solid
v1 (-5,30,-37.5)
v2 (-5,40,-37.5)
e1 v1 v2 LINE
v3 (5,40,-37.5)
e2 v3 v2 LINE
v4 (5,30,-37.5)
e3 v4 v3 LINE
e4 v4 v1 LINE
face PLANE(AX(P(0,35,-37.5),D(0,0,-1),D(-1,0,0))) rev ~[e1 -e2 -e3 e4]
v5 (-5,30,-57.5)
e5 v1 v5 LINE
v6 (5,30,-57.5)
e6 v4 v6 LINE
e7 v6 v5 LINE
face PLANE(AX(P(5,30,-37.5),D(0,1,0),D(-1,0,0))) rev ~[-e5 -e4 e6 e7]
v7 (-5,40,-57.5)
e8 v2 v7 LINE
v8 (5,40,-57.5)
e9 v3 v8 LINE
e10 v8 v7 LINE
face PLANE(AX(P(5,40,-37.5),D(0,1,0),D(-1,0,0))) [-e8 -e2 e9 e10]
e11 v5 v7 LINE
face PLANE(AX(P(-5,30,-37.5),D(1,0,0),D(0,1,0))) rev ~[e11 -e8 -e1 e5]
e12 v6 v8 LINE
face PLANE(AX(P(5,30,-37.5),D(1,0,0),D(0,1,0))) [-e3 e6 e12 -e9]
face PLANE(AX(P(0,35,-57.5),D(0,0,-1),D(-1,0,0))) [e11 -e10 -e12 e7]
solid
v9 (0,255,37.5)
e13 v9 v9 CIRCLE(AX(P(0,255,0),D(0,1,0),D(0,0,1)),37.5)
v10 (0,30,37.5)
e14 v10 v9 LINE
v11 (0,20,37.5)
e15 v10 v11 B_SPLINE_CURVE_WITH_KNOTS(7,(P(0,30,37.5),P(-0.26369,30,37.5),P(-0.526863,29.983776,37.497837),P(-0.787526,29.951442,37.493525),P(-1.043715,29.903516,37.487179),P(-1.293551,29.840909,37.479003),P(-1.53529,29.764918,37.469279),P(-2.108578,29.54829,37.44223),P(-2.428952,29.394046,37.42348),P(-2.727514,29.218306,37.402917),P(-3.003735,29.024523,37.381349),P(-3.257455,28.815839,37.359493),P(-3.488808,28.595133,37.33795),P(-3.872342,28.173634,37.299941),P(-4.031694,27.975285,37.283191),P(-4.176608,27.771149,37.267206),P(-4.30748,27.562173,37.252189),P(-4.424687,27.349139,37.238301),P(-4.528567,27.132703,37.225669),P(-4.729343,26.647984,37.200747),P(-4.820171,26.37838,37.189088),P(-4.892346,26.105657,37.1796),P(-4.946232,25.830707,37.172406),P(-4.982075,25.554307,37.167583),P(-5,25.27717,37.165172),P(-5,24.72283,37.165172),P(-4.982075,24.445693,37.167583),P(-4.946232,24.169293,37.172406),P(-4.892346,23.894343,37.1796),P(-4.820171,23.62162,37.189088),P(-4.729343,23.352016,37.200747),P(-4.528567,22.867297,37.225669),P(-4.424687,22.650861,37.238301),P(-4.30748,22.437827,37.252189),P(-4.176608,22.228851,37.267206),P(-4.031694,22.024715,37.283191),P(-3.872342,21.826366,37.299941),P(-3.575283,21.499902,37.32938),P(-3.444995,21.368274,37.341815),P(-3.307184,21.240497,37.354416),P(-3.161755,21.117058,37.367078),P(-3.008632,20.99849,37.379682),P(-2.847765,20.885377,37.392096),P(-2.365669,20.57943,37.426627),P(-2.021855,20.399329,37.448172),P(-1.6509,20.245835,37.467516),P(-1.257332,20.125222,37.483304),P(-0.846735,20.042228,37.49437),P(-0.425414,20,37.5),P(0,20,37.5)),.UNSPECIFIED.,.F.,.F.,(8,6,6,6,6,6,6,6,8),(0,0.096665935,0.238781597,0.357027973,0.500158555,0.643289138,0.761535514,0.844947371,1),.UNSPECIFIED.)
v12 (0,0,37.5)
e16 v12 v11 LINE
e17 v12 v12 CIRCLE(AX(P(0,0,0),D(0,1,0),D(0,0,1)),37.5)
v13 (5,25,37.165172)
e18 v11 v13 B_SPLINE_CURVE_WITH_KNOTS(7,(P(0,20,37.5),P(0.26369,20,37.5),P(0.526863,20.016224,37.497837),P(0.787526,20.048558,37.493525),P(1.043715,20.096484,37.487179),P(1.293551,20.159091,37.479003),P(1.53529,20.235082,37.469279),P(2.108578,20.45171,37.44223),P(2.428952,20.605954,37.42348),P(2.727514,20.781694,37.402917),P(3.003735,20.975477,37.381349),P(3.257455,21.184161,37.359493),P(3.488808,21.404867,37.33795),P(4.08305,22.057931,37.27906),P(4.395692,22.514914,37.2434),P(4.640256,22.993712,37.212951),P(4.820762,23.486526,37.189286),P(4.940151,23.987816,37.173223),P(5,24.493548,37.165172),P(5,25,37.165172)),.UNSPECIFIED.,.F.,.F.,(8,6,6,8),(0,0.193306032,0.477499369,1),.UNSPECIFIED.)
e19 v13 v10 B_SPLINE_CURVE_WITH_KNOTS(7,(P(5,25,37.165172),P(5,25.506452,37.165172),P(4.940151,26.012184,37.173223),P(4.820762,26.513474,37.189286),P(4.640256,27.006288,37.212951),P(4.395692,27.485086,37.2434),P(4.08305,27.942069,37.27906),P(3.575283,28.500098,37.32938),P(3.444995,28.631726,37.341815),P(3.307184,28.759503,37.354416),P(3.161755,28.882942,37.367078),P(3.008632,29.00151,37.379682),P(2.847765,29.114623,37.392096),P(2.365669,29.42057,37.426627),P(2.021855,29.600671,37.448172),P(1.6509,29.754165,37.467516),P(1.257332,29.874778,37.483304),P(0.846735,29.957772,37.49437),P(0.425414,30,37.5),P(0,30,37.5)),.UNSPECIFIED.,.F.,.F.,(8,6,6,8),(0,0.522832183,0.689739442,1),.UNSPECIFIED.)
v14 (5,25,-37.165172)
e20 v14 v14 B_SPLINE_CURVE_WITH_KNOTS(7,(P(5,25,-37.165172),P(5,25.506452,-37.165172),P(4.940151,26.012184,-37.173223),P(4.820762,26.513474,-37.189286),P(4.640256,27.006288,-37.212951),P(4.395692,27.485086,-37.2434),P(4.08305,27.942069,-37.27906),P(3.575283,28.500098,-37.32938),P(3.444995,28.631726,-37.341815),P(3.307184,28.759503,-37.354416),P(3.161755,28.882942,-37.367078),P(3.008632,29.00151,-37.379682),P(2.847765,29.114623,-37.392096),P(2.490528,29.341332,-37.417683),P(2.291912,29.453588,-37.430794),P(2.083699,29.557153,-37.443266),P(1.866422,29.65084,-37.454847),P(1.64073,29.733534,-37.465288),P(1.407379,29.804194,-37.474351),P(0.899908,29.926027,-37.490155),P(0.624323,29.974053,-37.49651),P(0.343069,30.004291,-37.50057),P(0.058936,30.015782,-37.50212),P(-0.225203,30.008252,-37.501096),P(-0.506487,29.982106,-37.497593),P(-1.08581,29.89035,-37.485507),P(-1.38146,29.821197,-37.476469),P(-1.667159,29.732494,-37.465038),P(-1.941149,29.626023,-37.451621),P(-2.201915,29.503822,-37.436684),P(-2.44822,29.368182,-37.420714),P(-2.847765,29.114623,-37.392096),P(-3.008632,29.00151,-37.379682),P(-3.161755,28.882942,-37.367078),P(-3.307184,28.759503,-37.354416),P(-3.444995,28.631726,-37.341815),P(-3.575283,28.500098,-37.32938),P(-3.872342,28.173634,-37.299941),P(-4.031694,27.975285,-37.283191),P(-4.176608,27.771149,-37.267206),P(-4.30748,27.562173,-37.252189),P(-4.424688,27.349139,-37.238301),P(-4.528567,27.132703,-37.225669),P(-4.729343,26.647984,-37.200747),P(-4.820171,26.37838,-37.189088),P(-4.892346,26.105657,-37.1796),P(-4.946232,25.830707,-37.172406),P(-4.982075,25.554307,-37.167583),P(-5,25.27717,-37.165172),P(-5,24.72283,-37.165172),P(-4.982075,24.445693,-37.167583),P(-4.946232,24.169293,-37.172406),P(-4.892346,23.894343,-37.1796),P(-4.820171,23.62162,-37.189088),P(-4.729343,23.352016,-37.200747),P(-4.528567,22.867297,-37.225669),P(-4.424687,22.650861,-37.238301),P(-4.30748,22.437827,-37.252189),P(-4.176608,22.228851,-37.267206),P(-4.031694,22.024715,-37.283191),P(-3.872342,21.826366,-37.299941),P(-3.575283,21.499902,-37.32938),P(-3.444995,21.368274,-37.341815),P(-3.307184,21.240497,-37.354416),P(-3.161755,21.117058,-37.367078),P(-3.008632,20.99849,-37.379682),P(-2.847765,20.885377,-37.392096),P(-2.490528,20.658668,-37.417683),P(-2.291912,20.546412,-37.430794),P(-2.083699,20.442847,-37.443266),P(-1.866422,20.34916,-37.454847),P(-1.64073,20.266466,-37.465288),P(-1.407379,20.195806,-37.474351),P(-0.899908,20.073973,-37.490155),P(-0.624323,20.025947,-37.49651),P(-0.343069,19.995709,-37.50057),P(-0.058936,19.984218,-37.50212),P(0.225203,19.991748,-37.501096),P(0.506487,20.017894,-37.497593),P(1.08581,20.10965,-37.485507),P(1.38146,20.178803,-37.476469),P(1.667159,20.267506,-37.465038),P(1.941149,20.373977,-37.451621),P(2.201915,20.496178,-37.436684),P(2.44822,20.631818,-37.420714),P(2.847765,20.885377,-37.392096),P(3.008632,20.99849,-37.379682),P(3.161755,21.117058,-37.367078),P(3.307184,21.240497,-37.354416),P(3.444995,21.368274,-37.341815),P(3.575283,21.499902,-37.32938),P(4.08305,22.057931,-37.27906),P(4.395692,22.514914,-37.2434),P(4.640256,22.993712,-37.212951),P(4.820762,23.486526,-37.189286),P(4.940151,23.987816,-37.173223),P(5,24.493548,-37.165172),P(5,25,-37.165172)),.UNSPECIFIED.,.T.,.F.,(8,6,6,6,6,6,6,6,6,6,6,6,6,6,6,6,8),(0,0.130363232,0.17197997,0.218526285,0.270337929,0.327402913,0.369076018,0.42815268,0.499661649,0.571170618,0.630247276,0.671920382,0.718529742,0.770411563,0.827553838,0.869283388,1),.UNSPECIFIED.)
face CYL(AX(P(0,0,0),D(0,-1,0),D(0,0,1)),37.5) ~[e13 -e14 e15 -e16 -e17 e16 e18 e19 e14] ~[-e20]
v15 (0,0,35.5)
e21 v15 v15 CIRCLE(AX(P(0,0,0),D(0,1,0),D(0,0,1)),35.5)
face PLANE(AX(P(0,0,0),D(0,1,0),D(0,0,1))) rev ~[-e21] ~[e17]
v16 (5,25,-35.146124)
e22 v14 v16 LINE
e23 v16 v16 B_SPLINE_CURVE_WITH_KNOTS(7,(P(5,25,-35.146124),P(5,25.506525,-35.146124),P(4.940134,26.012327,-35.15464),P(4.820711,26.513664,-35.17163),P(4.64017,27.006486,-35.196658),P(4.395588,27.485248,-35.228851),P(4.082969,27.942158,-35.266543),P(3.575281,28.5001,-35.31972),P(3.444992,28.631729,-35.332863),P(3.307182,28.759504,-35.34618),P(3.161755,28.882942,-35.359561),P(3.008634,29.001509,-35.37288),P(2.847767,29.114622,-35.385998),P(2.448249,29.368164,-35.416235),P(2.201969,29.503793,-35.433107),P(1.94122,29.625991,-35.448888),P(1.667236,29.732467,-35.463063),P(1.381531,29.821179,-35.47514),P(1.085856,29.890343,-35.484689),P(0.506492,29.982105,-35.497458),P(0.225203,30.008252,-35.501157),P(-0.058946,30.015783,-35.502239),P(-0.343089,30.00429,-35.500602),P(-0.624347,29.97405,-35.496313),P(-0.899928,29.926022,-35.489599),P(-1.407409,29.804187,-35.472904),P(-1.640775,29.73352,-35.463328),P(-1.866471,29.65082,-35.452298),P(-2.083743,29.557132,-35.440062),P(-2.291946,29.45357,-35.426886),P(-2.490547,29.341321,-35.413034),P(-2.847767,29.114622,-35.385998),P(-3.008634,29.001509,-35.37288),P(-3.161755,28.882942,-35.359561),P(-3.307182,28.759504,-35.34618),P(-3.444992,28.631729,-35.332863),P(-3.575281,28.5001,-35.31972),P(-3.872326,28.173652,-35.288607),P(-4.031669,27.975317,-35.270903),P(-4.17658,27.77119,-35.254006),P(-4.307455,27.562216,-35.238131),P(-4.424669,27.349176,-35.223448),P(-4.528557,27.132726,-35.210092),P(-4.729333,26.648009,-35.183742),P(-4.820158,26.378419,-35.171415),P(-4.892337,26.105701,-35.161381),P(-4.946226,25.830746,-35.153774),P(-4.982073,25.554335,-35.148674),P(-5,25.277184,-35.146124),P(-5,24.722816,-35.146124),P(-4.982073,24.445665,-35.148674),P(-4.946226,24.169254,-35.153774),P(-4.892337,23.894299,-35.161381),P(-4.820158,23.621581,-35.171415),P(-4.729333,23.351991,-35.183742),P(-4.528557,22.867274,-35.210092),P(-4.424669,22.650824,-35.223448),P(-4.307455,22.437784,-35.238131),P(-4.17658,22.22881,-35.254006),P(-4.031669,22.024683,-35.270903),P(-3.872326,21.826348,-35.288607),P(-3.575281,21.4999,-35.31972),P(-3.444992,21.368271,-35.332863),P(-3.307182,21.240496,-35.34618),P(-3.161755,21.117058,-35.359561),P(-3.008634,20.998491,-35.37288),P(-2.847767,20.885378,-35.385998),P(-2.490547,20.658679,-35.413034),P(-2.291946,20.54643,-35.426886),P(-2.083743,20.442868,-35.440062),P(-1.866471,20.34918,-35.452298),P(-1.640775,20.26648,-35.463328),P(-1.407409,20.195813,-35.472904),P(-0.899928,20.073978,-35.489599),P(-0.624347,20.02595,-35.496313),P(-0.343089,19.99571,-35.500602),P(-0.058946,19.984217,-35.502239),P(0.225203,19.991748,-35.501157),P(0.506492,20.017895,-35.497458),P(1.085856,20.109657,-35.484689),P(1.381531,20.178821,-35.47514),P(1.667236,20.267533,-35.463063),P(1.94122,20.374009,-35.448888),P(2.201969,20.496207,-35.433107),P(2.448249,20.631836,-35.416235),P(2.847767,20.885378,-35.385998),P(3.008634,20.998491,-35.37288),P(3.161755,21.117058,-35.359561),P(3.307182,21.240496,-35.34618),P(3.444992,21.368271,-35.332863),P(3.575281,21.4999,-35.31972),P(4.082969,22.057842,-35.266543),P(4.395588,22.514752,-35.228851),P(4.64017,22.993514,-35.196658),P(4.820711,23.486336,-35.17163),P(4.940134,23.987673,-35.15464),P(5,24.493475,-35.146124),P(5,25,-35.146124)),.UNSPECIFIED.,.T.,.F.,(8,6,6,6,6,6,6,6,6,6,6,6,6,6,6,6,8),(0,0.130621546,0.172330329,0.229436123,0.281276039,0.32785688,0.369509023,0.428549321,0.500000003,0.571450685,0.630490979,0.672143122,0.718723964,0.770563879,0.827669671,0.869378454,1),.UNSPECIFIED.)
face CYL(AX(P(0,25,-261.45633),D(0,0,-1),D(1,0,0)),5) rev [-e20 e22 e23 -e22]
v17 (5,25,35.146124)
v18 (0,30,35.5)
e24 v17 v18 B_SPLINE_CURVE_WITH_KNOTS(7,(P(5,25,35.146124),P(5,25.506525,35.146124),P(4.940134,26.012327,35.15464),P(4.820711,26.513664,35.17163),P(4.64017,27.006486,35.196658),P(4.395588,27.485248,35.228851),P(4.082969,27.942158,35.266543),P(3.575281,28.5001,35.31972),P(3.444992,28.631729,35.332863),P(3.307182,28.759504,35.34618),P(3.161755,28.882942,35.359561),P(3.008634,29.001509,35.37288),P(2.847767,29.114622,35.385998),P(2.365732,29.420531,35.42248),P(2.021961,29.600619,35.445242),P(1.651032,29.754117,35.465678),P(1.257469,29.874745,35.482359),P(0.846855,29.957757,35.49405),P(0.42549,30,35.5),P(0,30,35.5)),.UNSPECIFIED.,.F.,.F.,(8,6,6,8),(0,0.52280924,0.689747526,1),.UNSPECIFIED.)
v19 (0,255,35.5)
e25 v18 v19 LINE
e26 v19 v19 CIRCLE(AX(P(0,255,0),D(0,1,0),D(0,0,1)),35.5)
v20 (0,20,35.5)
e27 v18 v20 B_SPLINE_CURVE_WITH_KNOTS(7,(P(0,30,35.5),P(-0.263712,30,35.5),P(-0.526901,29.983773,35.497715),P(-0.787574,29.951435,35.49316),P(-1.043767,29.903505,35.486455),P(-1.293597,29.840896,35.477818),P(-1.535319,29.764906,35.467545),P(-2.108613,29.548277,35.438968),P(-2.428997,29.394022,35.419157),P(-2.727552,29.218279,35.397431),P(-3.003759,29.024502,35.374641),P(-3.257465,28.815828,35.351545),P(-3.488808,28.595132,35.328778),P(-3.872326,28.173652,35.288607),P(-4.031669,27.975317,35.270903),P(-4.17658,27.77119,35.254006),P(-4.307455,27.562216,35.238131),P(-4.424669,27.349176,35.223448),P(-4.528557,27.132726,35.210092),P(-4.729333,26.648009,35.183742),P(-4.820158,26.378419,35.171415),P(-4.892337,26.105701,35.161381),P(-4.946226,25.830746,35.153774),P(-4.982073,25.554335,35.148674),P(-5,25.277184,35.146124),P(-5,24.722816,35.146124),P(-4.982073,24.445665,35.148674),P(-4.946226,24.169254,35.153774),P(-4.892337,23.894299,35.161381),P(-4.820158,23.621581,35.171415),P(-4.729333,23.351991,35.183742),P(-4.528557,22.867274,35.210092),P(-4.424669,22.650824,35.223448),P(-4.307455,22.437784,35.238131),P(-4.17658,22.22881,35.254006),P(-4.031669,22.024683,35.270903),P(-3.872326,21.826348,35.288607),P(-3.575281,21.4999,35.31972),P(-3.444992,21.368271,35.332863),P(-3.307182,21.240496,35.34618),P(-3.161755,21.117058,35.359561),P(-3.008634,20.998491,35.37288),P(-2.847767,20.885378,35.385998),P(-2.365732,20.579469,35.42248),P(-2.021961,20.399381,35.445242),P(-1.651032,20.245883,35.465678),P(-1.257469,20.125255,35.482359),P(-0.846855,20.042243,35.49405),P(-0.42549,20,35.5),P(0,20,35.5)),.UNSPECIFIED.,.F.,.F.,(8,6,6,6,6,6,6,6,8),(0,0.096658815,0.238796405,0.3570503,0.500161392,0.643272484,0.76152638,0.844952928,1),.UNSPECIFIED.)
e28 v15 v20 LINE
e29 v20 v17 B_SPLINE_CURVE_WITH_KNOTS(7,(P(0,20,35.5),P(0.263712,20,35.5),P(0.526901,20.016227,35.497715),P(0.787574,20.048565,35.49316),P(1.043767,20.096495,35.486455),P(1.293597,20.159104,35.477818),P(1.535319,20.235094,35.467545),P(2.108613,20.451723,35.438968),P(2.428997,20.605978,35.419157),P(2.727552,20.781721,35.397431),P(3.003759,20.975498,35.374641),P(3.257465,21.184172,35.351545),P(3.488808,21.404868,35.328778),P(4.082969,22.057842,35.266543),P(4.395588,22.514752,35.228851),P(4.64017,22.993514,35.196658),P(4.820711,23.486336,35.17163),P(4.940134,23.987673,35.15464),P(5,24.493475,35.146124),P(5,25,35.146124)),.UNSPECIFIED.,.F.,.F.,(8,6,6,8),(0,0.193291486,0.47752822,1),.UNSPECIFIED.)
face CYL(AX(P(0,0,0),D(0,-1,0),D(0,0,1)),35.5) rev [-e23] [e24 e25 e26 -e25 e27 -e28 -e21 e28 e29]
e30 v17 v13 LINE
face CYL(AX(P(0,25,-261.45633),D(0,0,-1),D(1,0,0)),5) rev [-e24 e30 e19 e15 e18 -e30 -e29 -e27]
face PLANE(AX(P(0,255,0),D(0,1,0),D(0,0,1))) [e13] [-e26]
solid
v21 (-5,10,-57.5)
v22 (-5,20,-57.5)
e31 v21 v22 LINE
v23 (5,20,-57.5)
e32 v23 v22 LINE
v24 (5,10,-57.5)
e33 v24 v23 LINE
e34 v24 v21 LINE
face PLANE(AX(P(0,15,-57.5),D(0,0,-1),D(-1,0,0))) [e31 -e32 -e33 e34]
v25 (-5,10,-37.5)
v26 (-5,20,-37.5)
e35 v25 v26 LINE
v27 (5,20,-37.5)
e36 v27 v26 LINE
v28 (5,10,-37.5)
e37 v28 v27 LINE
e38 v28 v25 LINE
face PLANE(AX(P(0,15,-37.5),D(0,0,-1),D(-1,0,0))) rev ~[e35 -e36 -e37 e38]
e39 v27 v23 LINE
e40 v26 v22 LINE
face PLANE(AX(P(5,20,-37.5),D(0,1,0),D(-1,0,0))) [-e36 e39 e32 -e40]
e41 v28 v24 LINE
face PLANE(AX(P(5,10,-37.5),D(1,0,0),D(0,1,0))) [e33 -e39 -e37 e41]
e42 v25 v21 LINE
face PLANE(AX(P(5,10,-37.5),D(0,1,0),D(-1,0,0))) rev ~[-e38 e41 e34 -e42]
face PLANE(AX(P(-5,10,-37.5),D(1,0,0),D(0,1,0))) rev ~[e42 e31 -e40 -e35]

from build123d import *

# Parameters (mm, degrees)
SKETCH1_R               = 37.5
SKETCH1_R_2             = 35.5
BOSS_EXTRUDE1_DEPTH     = 255
CUT_EXTRUDE1_DEPTH      = 261.456330313
CUT_EXTRUDE1_DEPTH_BACK = 261.456330313
SKETCH2_R               = 5
SKETCH3_W               = 10
SKETCH3_H               = 10
BOSS_EXTRUDE2_DEPTH     = 20
BOSS_EXTRUDE2_2_DEPTH   = 20


with BuildPart() as part:
    # Sketch1 → Boss-Extrude1 (new body)
    with BuildSketch(Plane(origin=(0, 0, 0), x_dir=(1, 0, 0), z_dir=(0, 1, 0))):
        with Locations(Location((0, 0, 0), (0, 0, 270))):
            Circle(SKETCH1_R)
        with Locations(Location((0, 0, 0), (0, 0, 270))):
            Circle(SKETCH1_R_2, mode=Mode.SUBTRACT)
    extrude(amount=BOSS_EXTRUDE1_DEPTH)

    # Sketch2 → Cut-Extrude1 (cut, two sides: drawn at the far end of the back side and taken through both)
    with BuildSketch(Plane.XY.offset(-CUT_EXTRUDE1_DEPTH_BACK)):
        with Locations((0, 25)):
            Circle(SKETCH2_R)
    extrude(amount=CUT_EXTRUDE1_DEPTH + CUT_EXTRUDE1_DEPTH_BACK, mode=Mode.SUBTRACT)


with BuildPart() as body_2:
    # Sketch3 → Boss-Extrude2 (new body)
    with BuildSketch(Plane(origin=(0, 0, -37.5), x_dir=(-1, 0, 0), z_dir=(0, 0, -1))):
        with Locations((0, 35)):
            Rectangle(SKETCH3_W, SKETCH3_H)
    extrude(amount=BOSS_EXTRUDE2_DEPTH)


with BuildPart() as body_3:
    # Sketch3 → Boss-Extrude2 2 (new body)
    with BuildSketch(Plane(origin=(0, 0, -37.5), x_dir=(-1, 0, 0), z_dir=(0, 0, -1))):
        with Locations((0, 15)):
            Rectangle(SKETCH3_W, SKETCH3_H)
    extrude(amount=BOSS_EXTRUDE2_2_DEPTH)


solid = Compound([part.part, body_2.part, body_3.part])
